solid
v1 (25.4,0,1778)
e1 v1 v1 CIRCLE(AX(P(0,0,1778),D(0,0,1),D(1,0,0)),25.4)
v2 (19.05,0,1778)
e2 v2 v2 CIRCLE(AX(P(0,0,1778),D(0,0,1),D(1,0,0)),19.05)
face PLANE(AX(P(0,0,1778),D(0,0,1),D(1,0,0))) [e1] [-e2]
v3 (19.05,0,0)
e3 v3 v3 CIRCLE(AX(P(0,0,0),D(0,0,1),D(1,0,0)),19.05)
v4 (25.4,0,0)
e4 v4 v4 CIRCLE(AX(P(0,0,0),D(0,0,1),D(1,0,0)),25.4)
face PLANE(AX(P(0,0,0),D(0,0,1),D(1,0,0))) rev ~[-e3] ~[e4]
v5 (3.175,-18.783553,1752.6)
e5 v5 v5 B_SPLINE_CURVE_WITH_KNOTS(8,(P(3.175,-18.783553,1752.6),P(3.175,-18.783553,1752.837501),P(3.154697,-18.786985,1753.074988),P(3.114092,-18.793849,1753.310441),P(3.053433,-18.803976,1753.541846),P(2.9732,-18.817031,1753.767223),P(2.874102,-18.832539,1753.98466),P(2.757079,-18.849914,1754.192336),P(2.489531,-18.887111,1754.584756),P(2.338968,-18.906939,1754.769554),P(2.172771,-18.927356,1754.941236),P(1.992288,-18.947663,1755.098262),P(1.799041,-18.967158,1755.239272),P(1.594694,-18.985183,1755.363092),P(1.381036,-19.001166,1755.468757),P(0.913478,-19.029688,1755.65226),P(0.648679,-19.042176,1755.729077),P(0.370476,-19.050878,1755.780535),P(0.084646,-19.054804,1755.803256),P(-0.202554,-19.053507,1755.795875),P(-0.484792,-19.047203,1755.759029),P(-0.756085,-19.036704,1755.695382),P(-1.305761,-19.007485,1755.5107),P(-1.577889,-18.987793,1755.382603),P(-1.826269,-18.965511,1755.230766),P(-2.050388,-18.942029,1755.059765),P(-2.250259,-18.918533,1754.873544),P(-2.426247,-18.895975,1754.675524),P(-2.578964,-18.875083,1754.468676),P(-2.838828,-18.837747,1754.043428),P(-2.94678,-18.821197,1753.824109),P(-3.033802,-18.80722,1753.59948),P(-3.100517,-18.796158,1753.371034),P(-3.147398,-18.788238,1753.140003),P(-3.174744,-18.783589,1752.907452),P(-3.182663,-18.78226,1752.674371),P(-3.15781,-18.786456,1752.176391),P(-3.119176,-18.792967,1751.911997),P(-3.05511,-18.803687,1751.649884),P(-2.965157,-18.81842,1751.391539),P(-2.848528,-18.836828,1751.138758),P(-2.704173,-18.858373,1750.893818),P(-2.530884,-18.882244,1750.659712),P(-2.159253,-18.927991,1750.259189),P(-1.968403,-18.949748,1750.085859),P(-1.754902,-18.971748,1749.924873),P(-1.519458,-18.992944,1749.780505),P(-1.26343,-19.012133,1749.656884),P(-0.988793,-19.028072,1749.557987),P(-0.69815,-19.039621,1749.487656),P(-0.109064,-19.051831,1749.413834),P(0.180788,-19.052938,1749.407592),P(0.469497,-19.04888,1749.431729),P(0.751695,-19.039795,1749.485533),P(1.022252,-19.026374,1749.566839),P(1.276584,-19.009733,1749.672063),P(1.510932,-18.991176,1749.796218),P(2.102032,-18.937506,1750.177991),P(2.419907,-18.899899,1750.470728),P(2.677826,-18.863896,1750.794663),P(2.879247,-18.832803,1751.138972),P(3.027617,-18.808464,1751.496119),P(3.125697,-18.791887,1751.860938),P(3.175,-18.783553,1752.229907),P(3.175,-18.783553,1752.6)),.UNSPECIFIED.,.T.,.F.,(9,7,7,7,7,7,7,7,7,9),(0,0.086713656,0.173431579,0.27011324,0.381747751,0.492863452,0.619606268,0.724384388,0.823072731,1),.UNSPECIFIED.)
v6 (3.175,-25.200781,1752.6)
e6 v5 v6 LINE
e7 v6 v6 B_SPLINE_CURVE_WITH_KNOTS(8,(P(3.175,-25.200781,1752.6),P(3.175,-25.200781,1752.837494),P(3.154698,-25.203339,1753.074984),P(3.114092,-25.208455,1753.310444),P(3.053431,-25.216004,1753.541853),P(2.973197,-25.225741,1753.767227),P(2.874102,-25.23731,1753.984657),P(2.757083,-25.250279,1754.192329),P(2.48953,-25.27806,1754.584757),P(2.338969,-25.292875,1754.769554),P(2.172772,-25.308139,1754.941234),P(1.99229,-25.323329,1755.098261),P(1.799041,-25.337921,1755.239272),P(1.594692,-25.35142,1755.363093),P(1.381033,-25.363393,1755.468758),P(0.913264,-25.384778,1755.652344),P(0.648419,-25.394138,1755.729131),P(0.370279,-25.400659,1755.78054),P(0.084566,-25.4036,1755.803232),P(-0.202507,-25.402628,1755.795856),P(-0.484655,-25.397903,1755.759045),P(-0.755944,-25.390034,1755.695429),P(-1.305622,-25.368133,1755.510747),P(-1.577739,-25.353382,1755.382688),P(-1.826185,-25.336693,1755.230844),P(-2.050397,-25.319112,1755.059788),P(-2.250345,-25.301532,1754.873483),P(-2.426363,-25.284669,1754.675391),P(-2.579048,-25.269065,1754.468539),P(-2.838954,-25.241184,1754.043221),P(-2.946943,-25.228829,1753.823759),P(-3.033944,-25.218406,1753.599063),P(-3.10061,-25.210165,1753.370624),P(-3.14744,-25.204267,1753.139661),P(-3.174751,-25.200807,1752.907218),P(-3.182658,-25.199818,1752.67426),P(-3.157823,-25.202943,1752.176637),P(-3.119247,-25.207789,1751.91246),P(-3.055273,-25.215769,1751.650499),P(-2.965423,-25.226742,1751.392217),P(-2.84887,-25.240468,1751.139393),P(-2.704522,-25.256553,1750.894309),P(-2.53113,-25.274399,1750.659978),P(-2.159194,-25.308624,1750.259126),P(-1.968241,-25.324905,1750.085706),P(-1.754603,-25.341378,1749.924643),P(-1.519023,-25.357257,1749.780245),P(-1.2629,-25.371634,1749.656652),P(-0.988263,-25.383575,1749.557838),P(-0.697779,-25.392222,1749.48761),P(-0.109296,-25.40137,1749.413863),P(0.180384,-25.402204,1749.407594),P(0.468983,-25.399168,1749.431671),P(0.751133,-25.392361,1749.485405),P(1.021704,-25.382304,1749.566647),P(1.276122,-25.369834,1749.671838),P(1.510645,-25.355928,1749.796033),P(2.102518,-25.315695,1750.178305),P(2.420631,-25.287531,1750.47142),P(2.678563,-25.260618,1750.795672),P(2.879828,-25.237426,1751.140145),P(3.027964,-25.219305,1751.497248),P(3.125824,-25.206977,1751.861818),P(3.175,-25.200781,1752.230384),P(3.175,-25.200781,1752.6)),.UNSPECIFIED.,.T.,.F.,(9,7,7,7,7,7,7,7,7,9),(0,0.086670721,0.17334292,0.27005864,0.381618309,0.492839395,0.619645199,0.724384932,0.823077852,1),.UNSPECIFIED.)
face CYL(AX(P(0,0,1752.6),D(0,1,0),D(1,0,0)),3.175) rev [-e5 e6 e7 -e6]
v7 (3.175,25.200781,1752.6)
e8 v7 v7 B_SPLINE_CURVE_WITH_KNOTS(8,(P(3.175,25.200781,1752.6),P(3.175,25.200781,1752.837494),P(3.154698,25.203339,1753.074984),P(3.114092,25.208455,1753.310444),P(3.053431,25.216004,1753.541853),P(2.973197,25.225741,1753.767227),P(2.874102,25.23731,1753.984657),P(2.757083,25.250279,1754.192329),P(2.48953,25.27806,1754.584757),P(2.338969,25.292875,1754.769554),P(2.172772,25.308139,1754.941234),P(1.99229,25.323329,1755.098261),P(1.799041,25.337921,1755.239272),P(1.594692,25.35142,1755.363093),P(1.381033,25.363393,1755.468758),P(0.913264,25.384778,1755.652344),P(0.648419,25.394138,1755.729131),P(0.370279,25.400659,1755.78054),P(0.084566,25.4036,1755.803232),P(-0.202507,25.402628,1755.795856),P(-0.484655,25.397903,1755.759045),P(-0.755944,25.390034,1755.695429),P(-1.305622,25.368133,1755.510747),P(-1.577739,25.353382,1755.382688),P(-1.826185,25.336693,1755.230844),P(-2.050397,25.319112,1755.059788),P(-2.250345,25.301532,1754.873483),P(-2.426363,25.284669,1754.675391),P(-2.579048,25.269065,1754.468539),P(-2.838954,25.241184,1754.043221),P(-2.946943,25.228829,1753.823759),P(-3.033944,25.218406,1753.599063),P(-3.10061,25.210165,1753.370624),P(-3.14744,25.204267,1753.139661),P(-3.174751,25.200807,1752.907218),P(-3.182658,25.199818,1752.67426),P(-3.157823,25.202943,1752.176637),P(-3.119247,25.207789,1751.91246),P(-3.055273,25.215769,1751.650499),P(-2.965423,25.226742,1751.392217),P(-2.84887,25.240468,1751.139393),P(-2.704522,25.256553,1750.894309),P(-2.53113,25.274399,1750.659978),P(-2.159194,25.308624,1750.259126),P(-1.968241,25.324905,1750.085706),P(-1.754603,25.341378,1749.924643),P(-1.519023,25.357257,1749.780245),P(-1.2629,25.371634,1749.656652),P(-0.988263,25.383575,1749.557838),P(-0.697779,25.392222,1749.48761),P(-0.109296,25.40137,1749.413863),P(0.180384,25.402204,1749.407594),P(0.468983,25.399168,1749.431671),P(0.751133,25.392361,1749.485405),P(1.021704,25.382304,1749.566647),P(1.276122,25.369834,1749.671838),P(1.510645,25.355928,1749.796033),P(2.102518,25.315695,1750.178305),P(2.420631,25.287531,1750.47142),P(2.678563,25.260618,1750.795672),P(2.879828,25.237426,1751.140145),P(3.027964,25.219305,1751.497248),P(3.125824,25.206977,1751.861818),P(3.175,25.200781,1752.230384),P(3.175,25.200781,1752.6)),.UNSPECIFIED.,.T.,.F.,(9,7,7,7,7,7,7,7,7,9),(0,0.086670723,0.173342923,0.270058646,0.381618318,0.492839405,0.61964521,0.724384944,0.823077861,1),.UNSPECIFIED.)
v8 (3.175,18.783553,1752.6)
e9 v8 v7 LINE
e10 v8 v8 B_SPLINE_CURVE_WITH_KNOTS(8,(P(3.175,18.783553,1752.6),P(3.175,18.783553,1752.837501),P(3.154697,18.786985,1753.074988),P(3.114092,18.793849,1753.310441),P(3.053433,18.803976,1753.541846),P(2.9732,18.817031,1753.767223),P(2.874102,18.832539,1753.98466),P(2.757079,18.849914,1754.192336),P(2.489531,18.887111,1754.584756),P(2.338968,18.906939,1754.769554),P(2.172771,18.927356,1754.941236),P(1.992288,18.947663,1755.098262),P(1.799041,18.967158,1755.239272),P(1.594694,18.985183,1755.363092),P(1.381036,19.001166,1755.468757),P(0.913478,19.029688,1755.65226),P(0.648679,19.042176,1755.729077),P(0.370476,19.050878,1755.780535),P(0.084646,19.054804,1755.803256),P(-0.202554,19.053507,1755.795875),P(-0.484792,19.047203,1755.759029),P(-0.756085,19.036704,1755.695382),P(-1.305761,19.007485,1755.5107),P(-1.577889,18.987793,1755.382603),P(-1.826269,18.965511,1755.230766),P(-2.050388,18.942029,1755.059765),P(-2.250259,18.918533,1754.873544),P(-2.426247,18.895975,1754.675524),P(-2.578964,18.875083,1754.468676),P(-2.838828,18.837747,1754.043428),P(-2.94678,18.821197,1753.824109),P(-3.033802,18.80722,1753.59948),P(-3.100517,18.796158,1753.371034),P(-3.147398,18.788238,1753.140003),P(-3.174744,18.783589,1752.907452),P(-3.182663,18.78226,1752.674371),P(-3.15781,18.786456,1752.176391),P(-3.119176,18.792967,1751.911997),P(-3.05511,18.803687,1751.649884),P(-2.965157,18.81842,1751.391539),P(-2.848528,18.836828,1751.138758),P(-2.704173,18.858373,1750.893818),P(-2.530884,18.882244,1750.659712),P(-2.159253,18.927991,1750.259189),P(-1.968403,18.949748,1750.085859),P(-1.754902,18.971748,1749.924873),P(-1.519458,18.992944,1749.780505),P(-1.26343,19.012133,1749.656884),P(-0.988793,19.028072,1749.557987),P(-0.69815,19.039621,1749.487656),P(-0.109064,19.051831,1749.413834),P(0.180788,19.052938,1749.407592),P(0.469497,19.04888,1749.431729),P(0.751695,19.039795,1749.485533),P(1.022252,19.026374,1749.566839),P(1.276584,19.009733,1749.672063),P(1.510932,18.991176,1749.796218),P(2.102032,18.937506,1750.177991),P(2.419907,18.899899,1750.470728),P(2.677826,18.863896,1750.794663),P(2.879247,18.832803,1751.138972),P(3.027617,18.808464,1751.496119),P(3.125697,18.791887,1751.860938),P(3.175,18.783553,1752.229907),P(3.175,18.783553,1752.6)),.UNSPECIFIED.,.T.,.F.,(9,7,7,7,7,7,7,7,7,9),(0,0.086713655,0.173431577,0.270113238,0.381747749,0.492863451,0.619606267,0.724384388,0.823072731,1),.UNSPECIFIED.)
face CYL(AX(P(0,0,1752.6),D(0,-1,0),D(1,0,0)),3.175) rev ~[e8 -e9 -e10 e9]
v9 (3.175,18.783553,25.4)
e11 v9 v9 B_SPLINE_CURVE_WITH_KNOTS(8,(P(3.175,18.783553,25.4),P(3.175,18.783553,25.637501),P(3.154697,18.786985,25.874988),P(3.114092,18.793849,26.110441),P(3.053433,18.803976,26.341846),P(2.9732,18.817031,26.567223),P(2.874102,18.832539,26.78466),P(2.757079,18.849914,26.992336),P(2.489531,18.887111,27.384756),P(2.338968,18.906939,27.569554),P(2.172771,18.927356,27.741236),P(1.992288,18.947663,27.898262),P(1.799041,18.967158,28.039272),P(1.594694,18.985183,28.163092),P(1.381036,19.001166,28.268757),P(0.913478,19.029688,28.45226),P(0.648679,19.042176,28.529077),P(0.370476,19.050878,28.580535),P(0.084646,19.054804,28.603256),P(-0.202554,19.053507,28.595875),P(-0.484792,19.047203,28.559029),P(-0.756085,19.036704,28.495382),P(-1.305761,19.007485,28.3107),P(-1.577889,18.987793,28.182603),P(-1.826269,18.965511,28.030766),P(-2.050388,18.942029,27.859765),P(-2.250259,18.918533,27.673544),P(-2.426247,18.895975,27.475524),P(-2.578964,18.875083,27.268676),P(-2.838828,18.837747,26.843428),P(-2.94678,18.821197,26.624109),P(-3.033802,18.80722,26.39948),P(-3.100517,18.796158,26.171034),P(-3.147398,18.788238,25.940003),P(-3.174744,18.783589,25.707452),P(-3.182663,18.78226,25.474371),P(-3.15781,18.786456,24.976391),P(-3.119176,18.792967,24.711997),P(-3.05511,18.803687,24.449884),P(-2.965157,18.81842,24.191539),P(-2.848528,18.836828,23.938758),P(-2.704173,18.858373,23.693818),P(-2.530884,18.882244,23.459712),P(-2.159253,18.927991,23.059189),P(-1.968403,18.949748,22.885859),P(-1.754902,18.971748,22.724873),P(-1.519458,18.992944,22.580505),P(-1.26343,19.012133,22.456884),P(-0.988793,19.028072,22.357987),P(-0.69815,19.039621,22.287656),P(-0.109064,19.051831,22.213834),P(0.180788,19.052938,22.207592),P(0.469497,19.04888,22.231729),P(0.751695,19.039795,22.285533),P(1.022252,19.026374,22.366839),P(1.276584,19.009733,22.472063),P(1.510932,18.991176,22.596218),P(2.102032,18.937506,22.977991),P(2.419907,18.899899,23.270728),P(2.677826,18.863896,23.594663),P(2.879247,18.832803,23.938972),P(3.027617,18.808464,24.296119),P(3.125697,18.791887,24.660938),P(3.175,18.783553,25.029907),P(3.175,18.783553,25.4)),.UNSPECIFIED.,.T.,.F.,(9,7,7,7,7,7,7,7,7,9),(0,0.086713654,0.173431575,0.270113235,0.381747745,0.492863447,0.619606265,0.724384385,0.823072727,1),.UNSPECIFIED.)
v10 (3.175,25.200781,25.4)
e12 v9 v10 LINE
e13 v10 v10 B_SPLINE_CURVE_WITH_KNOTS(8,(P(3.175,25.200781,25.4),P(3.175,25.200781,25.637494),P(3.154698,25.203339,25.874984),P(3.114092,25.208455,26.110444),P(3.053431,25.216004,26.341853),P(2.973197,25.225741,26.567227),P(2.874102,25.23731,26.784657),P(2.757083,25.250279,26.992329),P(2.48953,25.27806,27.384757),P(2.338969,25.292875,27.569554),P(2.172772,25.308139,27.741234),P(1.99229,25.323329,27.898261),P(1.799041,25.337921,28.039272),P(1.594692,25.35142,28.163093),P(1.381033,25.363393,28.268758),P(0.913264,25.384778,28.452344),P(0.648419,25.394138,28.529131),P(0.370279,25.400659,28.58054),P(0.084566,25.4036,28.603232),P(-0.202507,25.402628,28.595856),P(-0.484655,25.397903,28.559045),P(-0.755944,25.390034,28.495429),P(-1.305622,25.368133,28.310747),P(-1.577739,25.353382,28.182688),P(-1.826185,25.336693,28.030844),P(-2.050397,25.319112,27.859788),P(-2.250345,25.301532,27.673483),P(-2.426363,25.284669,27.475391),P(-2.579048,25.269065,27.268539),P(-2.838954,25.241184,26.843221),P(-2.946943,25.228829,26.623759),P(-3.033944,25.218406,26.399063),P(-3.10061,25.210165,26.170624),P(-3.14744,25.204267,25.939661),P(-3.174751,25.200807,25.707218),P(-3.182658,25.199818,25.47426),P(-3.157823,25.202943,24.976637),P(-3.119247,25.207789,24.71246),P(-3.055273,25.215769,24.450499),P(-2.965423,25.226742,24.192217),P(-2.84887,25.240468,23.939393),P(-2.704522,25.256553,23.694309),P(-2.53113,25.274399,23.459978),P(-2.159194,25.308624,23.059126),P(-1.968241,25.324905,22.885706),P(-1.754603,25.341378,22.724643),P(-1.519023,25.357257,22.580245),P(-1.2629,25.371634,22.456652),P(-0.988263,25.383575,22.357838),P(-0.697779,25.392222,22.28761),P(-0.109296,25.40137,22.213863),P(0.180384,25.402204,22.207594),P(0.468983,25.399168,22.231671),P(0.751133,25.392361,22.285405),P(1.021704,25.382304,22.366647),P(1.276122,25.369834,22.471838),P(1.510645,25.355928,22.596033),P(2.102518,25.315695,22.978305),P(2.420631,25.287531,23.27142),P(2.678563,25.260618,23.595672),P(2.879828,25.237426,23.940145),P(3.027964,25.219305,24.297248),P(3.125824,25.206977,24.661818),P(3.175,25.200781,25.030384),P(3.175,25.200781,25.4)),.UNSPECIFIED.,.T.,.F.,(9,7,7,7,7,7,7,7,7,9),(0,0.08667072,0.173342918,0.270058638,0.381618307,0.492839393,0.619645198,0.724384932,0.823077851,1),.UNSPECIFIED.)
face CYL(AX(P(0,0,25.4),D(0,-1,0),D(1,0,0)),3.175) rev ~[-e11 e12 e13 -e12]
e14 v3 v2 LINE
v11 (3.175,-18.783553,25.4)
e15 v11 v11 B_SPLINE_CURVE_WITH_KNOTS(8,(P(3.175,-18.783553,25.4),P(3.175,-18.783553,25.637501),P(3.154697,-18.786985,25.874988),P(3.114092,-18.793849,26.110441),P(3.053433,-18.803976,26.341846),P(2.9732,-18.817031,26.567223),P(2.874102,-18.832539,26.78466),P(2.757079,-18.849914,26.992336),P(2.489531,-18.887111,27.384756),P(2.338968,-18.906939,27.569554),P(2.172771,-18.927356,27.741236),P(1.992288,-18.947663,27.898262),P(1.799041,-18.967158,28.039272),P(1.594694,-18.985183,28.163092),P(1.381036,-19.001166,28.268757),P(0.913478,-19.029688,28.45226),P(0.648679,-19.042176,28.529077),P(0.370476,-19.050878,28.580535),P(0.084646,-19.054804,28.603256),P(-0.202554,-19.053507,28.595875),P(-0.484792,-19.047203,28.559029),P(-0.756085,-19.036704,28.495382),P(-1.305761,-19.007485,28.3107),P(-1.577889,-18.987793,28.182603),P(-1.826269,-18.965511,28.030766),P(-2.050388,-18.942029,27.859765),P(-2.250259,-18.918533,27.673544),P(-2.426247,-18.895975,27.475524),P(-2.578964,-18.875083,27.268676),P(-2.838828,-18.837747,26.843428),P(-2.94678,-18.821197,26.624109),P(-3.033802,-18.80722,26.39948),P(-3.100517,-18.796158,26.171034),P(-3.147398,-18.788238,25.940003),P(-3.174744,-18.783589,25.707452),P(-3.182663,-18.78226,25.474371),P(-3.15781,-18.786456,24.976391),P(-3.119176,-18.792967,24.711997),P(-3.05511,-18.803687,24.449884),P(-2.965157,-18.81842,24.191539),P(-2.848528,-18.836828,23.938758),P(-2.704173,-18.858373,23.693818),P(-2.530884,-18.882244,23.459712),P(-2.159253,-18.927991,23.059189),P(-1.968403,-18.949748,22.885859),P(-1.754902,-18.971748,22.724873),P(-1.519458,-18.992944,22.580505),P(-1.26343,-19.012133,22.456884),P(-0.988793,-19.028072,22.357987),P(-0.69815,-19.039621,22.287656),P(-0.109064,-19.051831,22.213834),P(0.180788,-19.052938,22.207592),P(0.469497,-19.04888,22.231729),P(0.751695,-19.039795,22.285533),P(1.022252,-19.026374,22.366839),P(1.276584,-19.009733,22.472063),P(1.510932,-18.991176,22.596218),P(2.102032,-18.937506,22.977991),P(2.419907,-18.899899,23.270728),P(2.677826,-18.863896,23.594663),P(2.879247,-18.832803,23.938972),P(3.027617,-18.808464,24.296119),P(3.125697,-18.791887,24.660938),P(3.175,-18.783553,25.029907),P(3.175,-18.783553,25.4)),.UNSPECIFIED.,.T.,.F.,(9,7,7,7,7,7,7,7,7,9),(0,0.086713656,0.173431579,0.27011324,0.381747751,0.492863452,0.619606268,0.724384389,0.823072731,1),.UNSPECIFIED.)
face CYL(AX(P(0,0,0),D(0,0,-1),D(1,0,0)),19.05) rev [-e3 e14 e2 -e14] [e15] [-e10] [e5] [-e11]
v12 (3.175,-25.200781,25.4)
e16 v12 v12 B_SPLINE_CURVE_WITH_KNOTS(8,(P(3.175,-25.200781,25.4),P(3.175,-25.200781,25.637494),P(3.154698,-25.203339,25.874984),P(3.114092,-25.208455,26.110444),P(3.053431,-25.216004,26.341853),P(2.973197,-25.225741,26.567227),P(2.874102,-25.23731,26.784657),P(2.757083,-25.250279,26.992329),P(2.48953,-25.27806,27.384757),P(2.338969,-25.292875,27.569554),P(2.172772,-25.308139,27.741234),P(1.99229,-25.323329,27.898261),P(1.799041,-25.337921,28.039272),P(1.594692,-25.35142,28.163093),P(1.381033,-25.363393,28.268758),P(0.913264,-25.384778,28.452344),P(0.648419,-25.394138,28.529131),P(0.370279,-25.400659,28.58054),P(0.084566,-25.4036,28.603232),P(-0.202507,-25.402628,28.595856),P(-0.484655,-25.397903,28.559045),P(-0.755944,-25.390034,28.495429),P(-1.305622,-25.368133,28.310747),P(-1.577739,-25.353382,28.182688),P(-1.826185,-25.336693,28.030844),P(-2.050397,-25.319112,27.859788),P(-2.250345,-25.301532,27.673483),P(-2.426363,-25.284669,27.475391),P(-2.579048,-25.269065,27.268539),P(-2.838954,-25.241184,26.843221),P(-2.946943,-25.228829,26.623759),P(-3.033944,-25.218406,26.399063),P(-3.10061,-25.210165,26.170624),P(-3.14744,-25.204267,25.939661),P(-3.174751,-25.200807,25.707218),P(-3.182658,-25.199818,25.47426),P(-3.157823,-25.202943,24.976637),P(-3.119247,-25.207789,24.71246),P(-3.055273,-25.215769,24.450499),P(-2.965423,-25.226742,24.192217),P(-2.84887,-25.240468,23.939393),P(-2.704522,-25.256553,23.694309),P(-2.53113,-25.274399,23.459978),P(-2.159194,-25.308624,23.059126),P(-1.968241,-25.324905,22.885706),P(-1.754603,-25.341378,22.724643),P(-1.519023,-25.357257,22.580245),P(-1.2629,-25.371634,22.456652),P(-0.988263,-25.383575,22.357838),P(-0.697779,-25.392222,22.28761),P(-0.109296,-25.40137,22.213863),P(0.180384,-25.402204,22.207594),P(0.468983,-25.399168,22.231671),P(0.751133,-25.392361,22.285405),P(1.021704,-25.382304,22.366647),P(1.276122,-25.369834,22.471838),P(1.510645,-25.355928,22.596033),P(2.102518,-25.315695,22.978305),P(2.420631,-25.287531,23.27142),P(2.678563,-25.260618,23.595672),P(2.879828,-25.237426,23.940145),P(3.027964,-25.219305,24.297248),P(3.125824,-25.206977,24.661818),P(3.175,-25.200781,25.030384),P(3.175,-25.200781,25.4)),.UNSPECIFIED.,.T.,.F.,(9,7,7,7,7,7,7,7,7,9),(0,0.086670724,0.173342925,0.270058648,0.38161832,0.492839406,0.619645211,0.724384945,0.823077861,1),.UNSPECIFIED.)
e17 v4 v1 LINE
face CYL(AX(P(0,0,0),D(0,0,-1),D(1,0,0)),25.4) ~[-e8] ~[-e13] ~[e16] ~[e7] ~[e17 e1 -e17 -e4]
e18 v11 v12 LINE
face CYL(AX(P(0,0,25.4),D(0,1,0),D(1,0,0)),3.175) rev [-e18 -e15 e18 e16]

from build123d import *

# Parameters (mm, degrees)
F0_R          = 25.4
F0_R_2        = 19.05
F1_DEPTH      = 1778
F2_R          = 3.175
F3_DEPTH      = 25.401
F3_DEPTH_BACK = 25.401


with BuildPart() as f1:
    # F0 (on Top) → F1 (new body)
    with BuildSketch(Plane.XY):
        Circle(F0_R)
        Circle(F0_R_2, mode=Mode.SUBTRACT)
    extrude(amount=F1_DEPTH)

    # F2 (on Front) → F3 (cut, two sides)
    with BuildSketch(Plane.XZ) as f3_sk:
        with Locations((0, 25.4)):
            Circle(F2_R)
        with Locations((0, 1752.6)):
            Circle(F2_R)
    extrude(amount=-F3_DEPTH, mode=Mode.SUBTRACT)
    extrude(f3_sk.sketch, amount=F3_DEPTH_BACK, mode=Mode.SUBTRACT)


solid = f1.part
